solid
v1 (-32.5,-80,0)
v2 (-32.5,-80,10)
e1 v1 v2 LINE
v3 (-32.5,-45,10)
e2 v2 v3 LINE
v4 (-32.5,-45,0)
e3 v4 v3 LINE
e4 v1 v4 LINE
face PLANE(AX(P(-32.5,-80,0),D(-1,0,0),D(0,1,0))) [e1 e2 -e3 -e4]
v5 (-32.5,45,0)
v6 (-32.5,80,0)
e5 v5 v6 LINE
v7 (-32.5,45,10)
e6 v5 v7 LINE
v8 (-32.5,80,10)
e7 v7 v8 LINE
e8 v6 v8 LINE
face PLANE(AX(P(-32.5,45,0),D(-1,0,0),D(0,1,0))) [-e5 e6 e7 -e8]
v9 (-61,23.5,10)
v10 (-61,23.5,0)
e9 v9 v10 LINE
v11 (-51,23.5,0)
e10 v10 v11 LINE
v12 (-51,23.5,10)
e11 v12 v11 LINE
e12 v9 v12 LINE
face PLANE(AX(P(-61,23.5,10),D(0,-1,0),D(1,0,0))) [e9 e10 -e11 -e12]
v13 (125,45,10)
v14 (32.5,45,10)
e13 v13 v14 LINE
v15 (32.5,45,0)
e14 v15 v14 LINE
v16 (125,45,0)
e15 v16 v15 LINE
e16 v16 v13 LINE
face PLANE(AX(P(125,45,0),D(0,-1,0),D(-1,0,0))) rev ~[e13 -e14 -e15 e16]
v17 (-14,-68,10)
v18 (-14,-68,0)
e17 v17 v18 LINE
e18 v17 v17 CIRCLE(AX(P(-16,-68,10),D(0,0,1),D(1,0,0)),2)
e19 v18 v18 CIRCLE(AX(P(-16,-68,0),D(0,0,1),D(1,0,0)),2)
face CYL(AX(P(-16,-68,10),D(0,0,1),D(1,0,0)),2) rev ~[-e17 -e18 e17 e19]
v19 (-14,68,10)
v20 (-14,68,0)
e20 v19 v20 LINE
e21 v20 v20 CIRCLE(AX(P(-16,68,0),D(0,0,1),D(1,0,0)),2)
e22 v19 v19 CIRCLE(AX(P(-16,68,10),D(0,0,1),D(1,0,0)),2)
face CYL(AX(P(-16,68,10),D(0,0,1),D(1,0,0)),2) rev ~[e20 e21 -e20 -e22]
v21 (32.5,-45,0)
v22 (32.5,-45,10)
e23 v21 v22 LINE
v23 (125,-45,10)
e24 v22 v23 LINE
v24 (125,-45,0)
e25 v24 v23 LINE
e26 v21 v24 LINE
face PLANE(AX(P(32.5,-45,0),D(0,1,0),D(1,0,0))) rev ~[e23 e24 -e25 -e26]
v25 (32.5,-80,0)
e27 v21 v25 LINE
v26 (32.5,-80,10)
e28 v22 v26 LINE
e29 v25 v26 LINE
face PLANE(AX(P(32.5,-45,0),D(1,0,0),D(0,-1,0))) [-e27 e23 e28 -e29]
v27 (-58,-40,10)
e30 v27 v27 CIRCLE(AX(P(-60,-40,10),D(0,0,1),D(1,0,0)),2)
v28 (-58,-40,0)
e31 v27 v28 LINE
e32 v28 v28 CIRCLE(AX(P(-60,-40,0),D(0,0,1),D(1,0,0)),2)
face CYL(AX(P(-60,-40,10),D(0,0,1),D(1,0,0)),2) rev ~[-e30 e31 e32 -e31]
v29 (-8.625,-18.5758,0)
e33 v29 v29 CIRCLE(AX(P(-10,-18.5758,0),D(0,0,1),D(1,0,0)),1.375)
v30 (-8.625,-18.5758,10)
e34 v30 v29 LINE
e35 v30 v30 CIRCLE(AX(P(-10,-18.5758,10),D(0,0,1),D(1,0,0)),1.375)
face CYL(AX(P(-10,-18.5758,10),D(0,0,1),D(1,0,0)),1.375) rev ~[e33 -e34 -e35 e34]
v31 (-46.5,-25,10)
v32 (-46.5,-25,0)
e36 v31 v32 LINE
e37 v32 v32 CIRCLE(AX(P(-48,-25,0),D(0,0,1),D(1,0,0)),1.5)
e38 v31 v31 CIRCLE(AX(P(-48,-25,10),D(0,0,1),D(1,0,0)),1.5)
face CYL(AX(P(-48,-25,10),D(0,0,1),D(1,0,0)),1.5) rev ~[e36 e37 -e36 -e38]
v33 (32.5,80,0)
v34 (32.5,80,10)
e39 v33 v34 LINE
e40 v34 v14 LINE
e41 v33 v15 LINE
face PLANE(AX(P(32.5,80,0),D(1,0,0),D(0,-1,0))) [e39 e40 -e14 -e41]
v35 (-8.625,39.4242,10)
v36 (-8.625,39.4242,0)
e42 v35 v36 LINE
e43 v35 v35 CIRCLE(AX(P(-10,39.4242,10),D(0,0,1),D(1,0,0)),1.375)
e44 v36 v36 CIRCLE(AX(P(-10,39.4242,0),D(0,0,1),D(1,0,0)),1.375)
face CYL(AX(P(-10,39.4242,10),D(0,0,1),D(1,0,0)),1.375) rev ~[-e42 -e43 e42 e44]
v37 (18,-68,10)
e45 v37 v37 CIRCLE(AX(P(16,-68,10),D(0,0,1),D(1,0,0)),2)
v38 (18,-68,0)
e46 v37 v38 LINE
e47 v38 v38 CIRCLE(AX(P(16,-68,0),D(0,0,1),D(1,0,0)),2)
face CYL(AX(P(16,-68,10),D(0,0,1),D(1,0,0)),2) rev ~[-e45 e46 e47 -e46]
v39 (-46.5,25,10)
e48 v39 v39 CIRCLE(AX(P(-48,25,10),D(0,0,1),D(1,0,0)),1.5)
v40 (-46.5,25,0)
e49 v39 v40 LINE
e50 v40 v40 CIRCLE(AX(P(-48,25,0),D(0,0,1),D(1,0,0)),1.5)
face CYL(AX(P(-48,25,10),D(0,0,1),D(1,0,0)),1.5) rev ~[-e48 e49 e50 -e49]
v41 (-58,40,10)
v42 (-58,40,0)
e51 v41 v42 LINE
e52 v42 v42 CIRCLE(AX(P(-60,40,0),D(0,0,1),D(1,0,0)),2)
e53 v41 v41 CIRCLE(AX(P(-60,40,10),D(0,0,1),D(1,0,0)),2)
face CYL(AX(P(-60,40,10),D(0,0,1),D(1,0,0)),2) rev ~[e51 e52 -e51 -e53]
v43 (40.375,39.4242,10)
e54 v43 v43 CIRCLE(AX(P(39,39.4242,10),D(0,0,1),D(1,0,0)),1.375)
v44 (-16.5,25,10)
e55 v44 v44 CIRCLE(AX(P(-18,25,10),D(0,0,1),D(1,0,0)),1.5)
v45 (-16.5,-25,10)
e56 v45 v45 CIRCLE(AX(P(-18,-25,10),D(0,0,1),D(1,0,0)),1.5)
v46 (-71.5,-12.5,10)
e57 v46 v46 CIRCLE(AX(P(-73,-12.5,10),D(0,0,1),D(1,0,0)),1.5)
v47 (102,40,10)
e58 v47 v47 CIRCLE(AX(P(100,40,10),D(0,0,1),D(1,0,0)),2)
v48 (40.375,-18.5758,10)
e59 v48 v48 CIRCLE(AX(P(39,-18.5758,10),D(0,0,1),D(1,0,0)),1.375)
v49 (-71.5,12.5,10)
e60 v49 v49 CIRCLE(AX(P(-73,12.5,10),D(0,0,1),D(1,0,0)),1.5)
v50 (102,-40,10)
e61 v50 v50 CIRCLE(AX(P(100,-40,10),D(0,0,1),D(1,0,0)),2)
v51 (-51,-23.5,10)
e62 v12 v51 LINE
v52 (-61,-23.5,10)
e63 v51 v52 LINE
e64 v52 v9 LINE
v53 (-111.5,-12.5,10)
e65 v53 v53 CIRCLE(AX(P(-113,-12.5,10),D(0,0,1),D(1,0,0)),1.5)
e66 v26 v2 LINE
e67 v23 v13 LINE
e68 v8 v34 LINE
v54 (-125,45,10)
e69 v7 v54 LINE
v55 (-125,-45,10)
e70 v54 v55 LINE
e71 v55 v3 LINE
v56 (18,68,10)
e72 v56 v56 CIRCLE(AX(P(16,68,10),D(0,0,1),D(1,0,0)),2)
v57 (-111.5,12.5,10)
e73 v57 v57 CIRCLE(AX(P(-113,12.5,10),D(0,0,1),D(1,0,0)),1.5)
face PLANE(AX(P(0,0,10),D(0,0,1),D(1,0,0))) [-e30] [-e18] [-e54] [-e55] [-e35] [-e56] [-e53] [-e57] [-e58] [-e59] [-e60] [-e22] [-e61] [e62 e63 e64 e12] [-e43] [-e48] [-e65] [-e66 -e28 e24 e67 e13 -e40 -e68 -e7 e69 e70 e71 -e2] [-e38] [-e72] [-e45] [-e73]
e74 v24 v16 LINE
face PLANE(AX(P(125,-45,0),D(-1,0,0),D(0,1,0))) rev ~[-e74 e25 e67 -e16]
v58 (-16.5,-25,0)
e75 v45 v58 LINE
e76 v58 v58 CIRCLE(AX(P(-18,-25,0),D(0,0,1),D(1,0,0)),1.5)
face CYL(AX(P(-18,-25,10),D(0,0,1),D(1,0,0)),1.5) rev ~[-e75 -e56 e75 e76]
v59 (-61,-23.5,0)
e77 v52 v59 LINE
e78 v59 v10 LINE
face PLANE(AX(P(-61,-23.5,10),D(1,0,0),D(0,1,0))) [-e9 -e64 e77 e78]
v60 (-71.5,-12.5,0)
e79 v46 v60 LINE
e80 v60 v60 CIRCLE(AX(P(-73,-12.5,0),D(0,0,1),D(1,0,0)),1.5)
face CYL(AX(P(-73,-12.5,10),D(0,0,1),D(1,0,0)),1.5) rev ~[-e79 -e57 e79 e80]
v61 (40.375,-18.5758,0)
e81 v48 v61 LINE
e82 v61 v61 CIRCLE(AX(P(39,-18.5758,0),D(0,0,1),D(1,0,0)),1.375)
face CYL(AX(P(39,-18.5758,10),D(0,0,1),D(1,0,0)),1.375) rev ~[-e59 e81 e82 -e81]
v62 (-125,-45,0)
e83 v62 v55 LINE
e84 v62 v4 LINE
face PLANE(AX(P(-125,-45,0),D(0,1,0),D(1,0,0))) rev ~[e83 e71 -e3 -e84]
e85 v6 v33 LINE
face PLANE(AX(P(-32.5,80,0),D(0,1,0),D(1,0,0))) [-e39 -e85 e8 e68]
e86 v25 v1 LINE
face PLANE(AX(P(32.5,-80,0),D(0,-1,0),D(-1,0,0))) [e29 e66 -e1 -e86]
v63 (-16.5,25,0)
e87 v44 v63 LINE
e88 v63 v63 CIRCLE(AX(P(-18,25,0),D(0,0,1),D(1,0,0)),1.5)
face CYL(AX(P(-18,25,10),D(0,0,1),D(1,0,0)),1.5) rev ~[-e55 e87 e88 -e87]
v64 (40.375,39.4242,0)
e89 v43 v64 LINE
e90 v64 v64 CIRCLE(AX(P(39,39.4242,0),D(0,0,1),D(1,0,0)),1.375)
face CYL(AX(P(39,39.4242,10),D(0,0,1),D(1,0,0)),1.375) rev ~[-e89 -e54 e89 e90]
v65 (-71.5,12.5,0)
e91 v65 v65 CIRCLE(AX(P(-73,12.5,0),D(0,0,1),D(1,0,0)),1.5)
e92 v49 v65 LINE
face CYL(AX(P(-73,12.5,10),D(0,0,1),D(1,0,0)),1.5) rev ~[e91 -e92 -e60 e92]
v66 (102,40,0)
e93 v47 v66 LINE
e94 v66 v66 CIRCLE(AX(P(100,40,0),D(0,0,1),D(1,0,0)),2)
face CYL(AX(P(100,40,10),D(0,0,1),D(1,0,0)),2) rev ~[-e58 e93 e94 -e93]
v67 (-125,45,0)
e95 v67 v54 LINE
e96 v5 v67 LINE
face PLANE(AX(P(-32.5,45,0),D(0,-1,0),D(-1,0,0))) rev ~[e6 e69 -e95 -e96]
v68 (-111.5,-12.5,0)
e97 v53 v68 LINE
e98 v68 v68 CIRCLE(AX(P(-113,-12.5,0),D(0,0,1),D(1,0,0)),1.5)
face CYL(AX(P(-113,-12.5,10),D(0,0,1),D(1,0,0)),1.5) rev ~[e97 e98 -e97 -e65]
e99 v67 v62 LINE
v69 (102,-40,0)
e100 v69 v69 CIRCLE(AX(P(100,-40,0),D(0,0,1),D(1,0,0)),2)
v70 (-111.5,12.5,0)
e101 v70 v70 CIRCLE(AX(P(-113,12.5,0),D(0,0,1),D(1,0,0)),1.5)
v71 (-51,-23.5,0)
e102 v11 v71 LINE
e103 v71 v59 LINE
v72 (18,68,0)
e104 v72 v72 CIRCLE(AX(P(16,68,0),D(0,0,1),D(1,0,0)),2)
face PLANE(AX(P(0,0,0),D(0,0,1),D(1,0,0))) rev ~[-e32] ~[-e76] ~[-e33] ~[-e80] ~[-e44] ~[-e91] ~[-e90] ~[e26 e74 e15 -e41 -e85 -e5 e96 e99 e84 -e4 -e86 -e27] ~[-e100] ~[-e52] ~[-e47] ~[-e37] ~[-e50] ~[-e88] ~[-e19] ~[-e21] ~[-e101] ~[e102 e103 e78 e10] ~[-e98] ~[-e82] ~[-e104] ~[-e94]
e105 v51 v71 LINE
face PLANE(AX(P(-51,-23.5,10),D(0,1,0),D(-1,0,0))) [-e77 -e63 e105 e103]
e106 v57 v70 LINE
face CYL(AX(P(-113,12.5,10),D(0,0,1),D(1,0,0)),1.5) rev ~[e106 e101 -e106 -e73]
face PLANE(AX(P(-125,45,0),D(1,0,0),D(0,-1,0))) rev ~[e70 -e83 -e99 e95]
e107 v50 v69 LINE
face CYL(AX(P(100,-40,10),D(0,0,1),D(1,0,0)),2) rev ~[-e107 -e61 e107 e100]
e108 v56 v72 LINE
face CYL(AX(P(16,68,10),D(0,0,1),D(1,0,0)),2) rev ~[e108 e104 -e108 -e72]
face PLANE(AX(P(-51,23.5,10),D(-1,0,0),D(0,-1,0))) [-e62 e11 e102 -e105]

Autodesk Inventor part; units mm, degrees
ref_plane "YZ Plane" through (0, 0, 0) normal (1, 0, 0) x (0, 1, 0)
ref_plane "XZ Plane" through (0, 0, 0) normal (0, 1, 0) x (-1, 0, 0)
ref_plane "XY Plane" through (0, 0, 0) normal (0, 0, 1) x (1, 0, 0)
sketch "Эскиз1" plane through (0, 0, 0) normal (0, 0, 1) x (1, 0, 0)
  line L0 (-125, -45) -> (125, -45)
  line L1 (125, -45) -> (125, 45)
  line L2 (125, 45) -> (-125, 45)
  line L3 (-125, 45) -> (-125, -45)
  line L4 (-125, -45) -> (125, 45) construction
  line L5 (125, -45) -> (-125, 45) construction
  line L6 (32.5, -80) -> (-32.5, -80)
  line L7 (-32.5, -80) -> (-32.5, 80)
  line L8 (-32.5, 80) -> (32.5, 80)
  line L9 (32.5, 80) -> (32.5, -80)
  line L10 (32.5, -80) -> (-32.5, 80) construction
  line L11 (-32.5, -80) -> (32.5, 80) construction
  point P0 (0, 0)
  dimension "d0" = 250
  dimension "d1" = 90
  dimension "d2" = 65
  dimension "d3" = 160
extrude "Выдавливание1" add sketch "Эскиз1" along normal blind 10
sketch "Эскиз2" plane through (0, 0, 10) normal (0, 0, 1) x (1, 0, 0)
  line L0 (16, 68) -> (-16, 68) construction
  line L1 (-16, 68) -> (-16, 80) construction
  line L2 (-16, 80) -> (16, 80) construction
  line L3 (16, 80) -> (16, 68) construction
  line L4 (16, 68) -> (-16, 80) construction
  line L5 (-16, 68) -> (16, 80) construction
  line L6 (0, 0) -> (16, 0) construction
  line L7 (16, -68) -> (-16, -68) construction
  line L8 (-16, -68) -> (-16, -80) construction
  line L9 (-16, -80) -> (16, -80) construction
  line L10 (16, -80) -> (16, -68) construction
  line L11 (16, -68) -> (-16, -80) construction
  line L12 (-16, -68) -> (16, -80) construction
  circle A0 centre (-16, 68) radius 2
  circle A1 centre (16, 68) radius 2
  circle A2 centre (-16, -68) radius 2
  circle A3 centre (16, -68) radius 2
  point P0 (0, 74)
  point P1 (-32.5, 80)
  point P2 (0, 74)
  point P3 (0, 74)
  point P4 (0, -74)
  point P5 (-32.5, -80)
  point P6 (0, -74)
  point P7 (0, -74)
  dimension "d6" = 32
  dimension "d7" = 12
  dimension "d8" = 4
  dimension "d9" = 4
  dimension "d10" = 4
  dimension "d11" = 4
extrude "Выдавливание2" cut sketch "Эскиз2" against normal blind 10
sketch "Эскиз3" plane through (0, 0, 10) normal (0, 0, 1) x (1, 0, 0)
  line L0 (100, -40) -> (-60, -40) construction
  line L1 (-60, -40) -> (-60, 40) construction
  line L2 (-60, 40) -> (100, 40) construction
  line L3 (100, 40) -> (100, -40) construction
  line L4 (100, -40) -> (-60, 40) construction
  line L5 (-60, -40) -> (100, 40) construction
  line L6 (125, -45) -> (125, 45) construction
  circle A0 centre (100, 40) radius 2
  circle A1 centre (100, -40) radius 2
  circle A2 centre (-60, -40) radius 2
  circle A3 centre (-60, 40) radius 2
  point P0 (0, 0)
  point P1 (20, 0)
  point P2 (20, 0)
  dimension "d14" = 160
  dimension "d15" = 80
  dimension "d16" = 25
  dimension "d17" = 4
  dimension "d18" = 4
  dimension "d19" = 4
  dimension "d20" = 4
extrude "Выдавливание3" cut sketch "Эскиз3" against normal blind 10
sketch "Эскиз4" plane through (0, 0, 10) normal (0, 0, 1) x (1, 0, 0)
  line L0 (-113, -12.5) -> (-73, -12.5) construction
  line L1 (-73, -12.5) -> (-73, 12.5) construction
  line L2 (-73, 12.5) -> (-113, 12.5) construction
  line L3 (-113, 12.5) -> (-113, -12.5) construction
  line L4 (-113, -12.5) -> (-73, 12.5) construction
  line L5 (-73, -12.5) -> (-113, 12.5) construction
  line L6 (-125, 45) -> (-125, -45) construction
  circle A0 centre (-113, 12.5) radius 1.5
  circle A1 centre (-73, 12.5) radius 1.5
  circle A2 centre (-73, -12.5) radius 1.5
  circle A3 centre (-113, -12.5) radius 1.5
  point P0 (0, 0)
  point P1 (-93, 0)
  point P2 (-93, 0)
  dimension "d23" = 40
  dimension "d24" = 25
  dimension "d25" = 12
  dimension "d26" = 3
  dimension "d27" = 3
  dimension "d28" = 3
  dimension "d29" = 3
extrude "Выдавливание4" cut sketch "Эскиз4" against normal blind 10
sketch "Эскиз5" plane through (0, 0, 10) normal (0, 0, 1) x (1, 0, 0)
  line L0 (-51, -23.5) -> (-61, -23.5)
  line L1 (-61, -23.5) -> (-61, 23.5)
  line L2 (-61, 23.5) -> (-51, 23.5)
  line L3 (-51, 23.5) -> (-51, -23.5)
  line L4 (-51, -23.5) -> (-61, 23.5) construction
  line L5 (-61, -23.5) -> (-51, 23.5) construction
  circle A0 centre (-73, 12.5) radius 1.5 projected
  point P0 (0, 0)
  point P1 (-56, 0)
  point P2 (-56, 0)
  dimension "d32" = 10
  dimension "d33" = 47
  dimension "d34" = 12
extrude "Выдавливание5" cut sketch "Эскиз5" against normal blind 10 contours L0 L1 L2 L3
sketch "Эскиз6" plane through (0, 0, 10) normal (0, 0, 1) x (1, 0, 0)
  line L0 (-18, -25) -> (-48, -25) construction
  line L1 (-48, -25) -> (-48, 25) construction
  line L2 (-48, 25) -> (-18, 25) construction
  line L3 (-18, 25) -> (-18, -25) construction
  line L4 (-18, -25) -> (-48, 25) construction
  line L5 (-48, -25) -> (-18, 25) construction
  line L6 (-51, 23.5) -> (-51, -23.5) construction
  circle A0 centre (-48, 25) radius 1.5
  circle A1 centre (-18, 25) radius 1.5
  circle A2 centre (-18, -25) radius 1.5
  circle A3 centre (-48, -25) radius 1.5
  point P0 (0, 0)
  point P1 (-33, 0)
  point P2 (-33, 0)
  dimension "d37" = 30
  dimension "d38" = 50
  dimension "d39" = 3
  dimension "d40" = 3
  dimension "d41" = 3
  dimension "d42" = 3
  dimension "d43" = 3
extrude "Выдавливание6" cut sketch "Эскиз6" against normal blind 10
sketch "Эскиз7" plane through (0, 0, 10) normal (0, 0, 1) x (1, 0, 0)
  circle A0 centre (-10, -18.5758) radius 1.375 projected
  circle A1 centre (39, -18.5758) radius 1.375 projected
  circle A2 centre (39, 39.4242) radius 1.375 projected
  circle A3 centre (-10, 39.4242) radius 1.375 projected
  point P0 (0, 0)
extrude "Выдавливание7" cut sketch "Эскиз7" against normal blind 10
properties part number "Основная пластина платформы"
